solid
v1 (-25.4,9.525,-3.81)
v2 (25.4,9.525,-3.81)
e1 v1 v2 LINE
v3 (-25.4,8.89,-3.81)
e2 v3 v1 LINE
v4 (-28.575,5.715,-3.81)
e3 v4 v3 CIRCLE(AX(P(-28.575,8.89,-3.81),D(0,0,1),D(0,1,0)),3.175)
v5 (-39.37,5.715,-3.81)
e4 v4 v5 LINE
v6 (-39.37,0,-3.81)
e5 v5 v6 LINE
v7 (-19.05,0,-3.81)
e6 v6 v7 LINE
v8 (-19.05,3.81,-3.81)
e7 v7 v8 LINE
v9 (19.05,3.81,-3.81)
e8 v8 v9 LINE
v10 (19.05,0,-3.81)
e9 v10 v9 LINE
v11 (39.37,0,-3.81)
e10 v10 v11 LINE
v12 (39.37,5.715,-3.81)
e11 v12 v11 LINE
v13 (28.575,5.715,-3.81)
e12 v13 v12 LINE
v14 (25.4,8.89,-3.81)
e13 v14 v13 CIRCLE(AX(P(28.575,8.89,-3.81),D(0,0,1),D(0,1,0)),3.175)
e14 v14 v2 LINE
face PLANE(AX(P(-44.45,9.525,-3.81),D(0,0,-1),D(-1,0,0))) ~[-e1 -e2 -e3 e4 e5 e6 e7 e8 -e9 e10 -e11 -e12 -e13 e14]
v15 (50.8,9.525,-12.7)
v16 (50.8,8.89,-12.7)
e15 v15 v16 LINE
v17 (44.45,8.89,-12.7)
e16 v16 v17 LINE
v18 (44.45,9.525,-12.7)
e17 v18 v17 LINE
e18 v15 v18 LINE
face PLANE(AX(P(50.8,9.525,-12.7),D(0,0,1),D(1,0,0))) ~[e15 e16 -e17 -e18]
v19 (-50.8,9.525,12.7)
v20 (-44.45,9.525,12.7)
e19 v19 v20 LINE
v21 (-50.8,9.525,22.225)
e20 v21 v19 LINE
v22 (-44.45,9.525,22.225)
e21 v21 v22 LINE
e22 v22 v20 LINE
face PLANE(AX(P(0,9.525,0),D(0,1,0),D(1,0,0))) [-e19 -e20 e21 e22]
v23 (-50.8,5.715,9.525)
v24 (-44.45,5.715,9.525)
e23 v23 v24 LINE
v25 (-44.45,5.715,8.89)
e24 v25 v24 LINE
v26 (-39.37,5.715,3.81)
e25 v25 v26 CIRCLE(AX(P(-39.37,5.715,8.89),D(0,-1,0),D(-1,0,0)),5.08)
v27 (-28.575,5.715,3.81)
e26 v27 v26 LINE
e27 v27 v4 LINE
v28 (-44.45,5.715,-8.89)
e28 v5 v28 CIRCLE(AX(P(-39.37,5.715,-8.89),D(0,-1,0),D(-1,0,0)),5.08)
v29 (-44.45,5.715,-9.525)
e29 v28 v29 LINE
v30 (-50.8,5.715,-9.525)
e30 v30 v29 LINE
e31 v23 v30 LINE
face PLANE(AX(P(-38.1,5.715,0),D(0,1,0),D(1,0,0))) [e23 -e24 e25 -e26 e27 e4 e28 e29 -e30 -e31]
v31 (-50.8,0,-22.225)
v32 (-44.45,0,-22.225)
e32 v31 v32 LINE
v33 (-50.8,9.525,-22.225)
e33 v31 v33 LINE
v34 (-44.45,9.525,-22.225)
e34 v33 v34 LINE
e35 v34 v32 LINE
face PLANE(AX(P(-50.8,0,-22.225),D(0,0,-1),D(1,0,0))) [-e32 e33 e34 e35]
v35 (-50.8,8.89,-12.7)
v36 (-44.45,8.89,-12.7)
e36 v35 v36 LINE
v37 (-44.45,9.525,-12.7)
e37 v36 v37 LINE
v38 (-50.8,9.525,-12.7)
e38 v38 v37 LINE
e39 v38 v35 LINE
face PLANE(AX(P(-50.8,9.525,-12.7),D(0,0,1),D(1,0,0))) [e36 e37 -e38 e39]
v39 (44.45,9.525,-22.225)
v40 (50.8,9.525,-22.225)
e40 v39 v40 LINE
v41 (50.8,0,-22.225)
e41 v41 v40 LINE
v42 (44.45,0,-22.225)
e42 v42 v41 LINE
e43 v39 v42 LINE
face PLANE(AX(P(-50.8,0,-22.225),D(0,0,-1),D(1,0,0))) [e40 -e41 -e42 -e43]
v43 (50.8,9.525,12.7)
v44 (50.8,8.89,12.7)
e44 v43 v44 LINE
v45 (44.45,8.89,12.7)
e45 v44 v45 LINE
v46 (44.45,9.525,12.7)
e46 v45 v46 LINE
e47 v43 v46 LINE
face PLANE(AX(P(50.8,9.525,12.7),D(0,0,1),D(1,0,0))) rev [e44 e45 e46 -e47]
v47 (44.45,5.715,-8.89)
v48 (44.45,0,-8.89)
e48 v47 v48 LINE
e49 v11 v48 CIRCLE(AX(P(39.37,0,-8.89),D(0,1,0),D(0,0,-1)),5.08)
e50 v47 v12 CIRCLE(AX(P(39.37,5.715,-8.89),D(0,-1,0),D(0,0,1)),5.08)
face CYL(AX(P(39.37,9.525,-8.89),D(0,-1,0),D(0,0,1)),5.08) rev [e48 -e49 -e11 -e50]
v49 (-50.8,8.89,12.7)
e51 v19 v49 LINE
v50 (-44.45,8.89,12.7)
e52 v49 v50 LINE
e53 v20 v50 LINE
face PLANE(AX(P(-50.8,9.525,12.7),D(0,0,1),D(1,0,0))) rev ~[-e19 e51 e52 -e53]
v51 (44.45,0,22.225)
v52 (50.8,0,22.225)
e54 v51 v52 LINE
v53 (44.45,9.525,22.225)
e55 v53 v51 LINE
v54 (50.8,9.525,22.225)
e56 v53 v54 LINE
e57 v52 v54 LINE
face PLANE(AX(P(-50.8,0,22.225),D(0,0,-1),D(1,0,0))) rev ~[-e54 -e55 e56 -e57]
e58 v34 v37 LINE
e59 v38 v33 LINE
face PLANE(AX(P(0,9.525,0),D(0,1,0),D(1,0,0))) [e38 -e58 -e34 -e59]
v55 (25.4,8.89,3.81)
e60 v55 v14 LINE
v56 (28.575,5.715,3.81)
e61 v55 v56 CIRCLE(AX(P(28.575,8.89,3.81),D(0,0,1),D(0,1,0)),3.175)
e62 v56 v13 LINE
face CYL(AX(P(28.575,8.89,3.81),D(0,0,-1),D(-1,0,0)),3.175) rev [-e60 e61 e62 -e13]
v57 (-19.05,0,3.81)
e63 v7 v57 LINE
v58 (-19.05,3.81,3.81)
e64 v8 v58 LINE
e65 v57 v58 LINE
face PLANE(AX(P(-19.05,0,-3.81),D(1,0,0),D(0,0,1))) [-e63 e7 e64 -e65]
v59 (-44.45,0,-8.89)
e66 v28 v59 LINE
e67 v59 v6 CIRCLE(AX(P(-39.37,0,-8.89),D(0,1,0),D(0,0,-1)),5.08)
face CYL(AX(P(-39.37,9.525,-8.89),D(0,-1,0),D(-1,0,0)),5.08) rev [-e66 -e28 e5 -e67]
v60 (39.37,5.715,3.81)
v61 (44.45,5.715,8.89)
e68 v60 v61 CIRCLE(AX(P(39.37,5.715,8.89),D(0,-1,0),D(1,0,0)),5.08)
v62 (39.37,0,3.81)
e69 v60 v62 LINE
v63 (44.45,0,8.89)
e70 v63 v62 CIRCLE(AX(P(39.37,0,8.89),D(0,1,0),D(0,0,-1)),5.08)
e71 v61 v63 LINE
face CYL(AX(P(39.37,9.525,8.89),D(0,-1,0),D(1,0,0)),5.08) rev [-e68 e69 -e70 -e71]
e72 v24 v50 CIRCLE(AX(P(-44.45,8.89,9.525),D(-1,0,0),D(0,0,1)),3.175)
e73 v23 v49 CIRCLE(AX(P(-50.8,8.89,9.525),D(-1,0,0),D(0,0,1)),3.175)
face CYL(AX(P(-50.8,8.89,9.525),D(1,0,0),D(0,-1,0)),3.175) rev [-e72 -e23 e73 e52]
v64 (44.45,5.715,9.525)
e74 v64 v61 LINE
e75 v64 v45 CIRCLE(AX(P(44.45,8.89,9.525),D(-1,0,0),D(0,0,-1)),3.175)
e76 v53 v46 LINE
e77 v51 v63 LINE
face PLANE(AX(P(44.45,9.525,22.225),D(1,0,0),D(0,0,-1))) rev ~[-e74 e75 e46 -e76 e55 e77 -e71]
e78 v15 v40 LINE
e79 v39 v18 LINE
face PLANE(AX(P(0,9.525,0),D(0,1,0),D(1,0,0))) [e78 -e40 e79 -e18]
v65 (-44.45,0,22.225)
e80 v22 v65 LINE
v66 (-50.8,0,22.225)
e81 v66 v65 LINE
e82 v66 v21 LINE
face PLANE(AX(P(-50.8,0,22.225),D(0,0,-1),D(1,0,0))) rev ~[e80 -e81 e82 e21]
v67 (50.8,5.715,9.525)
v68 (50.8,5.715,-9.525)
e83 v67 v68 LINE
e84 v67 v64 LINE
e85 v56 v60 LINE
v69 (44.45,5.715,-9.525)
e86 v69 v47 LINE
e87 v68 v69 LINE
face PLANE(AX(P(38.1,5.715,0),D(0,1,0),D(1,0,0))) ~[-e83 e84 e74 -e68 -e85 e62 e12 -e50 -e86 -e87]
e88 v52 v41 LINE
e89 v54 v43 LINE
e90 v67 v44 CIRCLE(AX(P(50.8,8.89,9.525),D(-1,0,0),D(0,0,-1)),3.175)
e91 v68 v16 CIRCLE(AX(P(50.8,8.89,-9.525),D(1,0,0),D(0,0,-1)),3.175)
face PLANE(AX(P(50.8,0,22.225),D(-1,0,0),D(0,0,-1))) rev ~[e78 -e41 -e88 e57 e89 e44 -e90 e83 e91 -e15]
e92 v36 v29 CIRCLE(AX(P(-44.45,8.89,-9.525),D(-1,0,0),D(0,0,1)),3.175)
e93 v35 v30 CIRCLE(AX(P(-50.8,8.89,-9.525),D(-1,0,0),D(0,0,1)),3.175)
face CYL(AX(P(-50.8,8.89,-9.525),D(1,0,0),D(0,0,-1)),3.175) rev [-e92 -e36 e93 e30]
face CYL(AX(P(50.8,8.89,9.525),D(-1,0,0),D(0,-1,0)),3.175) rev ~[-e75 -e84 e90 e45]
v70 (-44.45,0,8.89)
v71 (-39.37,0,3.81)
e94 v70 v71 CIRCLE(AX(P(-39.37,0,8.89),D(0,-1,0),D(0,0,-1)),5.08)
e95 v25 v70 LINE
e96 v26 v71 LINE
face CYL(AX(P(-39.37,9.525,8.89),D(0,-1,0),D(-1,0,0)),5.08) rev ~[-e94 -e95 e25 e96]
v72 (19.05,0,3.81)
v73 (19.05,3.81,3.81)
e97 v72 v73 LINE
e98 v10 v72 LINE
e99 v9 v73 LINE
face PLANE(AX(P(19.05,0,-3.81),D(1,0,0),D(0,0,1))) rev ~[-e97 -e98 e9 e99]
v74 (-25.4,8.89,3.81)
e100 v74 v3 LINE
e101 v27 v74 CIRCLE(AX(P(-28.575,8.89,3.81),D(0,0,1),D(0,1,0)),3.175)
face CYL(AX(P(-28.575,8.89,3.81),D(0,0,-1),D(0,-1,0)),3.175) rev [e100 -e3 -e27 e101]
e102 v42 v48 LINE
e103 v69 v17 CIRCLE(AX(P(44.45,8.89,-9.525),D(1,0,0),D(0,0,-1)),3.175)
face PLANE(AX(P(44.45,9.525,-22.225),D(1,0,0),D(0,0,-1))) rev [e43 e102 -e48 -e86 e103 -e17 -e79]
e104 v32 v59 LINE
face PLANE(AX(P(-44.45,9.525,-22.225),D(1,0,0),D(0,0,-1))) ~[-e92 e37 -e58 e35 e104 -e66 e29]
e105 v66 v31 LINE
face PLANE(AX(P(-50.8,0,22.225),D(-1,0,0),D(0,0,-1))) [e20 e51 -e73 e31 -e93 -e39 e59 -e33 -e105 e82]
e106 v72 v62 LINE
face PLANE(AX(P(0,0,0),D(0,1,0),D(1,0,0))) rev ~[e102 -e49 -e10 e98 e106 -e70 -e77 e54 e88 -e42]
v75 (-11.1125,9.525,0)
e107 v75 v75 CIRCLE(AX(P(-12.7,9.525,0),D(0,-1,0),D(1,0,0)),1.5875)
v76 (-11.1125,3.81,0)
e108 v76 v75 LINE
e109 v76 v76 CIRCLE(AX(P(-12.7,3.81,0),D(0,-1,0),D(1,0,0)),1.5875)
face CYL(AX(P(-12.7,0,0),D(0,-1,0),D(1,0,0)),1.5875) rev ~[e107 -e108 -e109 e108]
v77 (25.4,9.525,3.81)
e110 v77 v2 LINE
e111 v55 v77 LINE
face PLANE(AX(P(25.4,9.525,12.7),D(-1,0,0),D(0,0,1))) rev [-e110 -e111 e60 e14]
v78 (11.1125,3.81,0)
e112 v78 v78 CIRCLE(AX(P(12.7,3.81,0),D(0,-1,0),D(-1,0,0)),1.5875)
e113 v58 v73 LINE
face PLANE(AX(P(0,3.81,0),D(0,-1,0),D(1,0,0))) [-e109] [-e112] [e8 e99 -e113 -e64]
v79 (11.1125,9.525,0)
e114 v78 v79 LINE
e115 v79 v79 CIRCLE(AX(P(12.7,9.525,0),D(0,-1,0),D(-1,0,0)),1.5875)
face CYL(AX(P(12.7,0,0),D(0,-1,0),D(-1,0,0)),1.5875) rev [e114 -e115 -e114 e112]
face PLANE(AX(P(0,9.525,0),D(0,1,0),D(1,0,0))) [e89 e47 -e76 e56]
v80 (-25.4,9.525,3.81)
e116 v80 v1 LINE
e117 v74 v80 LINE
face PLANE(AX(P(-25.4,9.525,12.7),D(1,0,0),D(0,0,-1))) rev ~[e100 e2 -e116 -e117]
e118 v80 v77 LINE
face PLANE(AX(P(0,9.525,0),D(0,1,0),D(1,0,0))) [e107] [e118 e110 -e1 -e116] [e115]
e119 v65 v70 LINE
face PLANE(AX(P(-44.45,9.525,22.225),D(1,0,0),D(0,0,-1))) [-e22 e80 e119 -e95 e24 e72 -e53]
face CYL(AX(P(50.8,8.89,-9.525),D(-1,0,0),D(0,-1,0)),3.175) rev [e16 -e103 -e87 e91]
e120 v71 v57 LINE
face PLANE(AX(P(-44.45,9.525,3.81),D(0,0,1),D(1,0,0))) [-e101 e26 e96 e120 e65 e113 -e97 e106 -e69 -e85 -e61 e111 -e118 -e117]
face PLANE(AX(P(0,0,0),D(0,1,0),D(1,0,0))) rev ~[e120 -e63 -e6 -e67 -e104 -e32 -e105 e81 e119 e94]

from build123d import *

# Parameters (mm, degrees)
SKETCH1_W           = 101.6
SKETCH1_H           = 44.45
BOSS_EXTRUDE1_DEPTH = 9.525
SKETCH2_W           = 88.9
SKETCH2_H           = 18.415
CUT_EXTRUDE1_DEPTH  = 10.525
FILLET1_R           = 5.08
SKETCH3_W           = 25.4
SKETCH3_H           = 25.4
CUT_EXTRUDE2_DEPTH  = 3.81
FILLET2_R           = 3.175
SKETCH4_R           = 1.5875
CUT_EXTRUDE3_DEPTH  = 10.525
SKETCH5_W           = 38.1
SKETCH5_H           = 7.62
CUT_EXTRUDE4_DEPTH  = 3.81


with BuildPart() as part:
    # Sketch1 → Boss-Extrude1 (new body)
    with BuildSketch(Plane(origin=(0, 0, 0), x_dir=(1, 0, 0), z_dir=(0, 1, 0))):
        Rectangle(SKETCH1_W, SKETCH1_H)
    extrude(amount=BOSS_EXTRUDE1_DEPTH)

    # Sketch2 → Cut-Extrude1 (cut, through all)
    with BuildSketch(Plane(origin=(0, 9.525, 0), x_dir=(1, 0, 0), z_dir=(0, 1, 0))):
        with Locations((0, -13.0175)):
            Rectangle(SKETCH2_W, SKETCH2_H)
    cut_extrude1 = extrude(amount=-CUT_EXTRUDE1_DEPTH, mode=Mode.SUBTRACT)

    # Mirror1: Cut-Extrude1 across plane
    add(cut_extrude1.mirror(Plane.XY), mode=Mode.SUBTRACT)

    # Fillet1
    fillet1_edges = [part.edges().sort_by_distance(p)[0] for p in [
        (-44.45, 4.7625, 3.81),
        (44.45, 4.7625, 3.81),
        (-44.45, 4.7625, -3.81),
        (44.45, 4.7625, -3.81),
    ]]
    fillet(fillet1_edges, radius=FILLET1_R)

    # Sketch3 → Cut-Extrude2 (cut)
    with BuildSketch(Plane(origin=(0, 9.525, 0), x_dir=(1, 0, 0), z_dir=(0, 1, 0))):
        with Locations((-38.1, 0)):
            Rectangle(SKETCH3_W, SKETCH3_H)
    cut_extrude2 = extrude(amount=-CUT_EXTRUDE2_DEPTH, mode=Mode.SUBTRACT)

    # Mirror2: Cut-Extrude2 across plane
    add(cut_extrude2.mirror(Plane(origin=(0, 0, 0), x_dir=(0, 0, 1), z_dir=(1, 0, 0))), mode=Mode.SUBTRACT)

    # Fillet2
    fillet2_edges = [part.edges().sort_by_distance(p)[0] for p in [
        (47.625, 5.715, -12.7),
        (47.625, 5.715, 12.7),
        (25.4, 5.715, 0),
        (-47.625, 5.715, 12.7),
        (-25.4, 5.715, 0),
        (-47.625, 5.715, -12.7),
    ]]
    fillet(fillet2_edges, radius=FILLET2_R)

    # Sketch4 → Cut-Extrude3 (cut, through all)
    with BuildSketch(Plane.XZ):
        with Locations((-12.7, 0)):
            Circle(SKETCH4_R)
    cut_extrude3 = extrude(amount=-CUT_EXTRUDE3_DEPTH, mode=Mode.SUBTRACT)

    # Sketch5 → Cut-Extrude4 (cut)
    with BuildSketch(Plane.XZ):
        Rectangle(SKETCH5_W, SKETCH5_H)
    extrude(amount=-CUT_EXTRUDE4_DEPTH, mode=Mode.SUBTRACT)

    # Mirror3: Cut-Extrude3 across plane
    add(cut_extrude3.mirror(Plane(origin=(0, 0, 0), x_dir=(0, 0, 1), z_dir=(1, 0, 0))), mode=Mode.SUBTRACT)


solid = part.part
